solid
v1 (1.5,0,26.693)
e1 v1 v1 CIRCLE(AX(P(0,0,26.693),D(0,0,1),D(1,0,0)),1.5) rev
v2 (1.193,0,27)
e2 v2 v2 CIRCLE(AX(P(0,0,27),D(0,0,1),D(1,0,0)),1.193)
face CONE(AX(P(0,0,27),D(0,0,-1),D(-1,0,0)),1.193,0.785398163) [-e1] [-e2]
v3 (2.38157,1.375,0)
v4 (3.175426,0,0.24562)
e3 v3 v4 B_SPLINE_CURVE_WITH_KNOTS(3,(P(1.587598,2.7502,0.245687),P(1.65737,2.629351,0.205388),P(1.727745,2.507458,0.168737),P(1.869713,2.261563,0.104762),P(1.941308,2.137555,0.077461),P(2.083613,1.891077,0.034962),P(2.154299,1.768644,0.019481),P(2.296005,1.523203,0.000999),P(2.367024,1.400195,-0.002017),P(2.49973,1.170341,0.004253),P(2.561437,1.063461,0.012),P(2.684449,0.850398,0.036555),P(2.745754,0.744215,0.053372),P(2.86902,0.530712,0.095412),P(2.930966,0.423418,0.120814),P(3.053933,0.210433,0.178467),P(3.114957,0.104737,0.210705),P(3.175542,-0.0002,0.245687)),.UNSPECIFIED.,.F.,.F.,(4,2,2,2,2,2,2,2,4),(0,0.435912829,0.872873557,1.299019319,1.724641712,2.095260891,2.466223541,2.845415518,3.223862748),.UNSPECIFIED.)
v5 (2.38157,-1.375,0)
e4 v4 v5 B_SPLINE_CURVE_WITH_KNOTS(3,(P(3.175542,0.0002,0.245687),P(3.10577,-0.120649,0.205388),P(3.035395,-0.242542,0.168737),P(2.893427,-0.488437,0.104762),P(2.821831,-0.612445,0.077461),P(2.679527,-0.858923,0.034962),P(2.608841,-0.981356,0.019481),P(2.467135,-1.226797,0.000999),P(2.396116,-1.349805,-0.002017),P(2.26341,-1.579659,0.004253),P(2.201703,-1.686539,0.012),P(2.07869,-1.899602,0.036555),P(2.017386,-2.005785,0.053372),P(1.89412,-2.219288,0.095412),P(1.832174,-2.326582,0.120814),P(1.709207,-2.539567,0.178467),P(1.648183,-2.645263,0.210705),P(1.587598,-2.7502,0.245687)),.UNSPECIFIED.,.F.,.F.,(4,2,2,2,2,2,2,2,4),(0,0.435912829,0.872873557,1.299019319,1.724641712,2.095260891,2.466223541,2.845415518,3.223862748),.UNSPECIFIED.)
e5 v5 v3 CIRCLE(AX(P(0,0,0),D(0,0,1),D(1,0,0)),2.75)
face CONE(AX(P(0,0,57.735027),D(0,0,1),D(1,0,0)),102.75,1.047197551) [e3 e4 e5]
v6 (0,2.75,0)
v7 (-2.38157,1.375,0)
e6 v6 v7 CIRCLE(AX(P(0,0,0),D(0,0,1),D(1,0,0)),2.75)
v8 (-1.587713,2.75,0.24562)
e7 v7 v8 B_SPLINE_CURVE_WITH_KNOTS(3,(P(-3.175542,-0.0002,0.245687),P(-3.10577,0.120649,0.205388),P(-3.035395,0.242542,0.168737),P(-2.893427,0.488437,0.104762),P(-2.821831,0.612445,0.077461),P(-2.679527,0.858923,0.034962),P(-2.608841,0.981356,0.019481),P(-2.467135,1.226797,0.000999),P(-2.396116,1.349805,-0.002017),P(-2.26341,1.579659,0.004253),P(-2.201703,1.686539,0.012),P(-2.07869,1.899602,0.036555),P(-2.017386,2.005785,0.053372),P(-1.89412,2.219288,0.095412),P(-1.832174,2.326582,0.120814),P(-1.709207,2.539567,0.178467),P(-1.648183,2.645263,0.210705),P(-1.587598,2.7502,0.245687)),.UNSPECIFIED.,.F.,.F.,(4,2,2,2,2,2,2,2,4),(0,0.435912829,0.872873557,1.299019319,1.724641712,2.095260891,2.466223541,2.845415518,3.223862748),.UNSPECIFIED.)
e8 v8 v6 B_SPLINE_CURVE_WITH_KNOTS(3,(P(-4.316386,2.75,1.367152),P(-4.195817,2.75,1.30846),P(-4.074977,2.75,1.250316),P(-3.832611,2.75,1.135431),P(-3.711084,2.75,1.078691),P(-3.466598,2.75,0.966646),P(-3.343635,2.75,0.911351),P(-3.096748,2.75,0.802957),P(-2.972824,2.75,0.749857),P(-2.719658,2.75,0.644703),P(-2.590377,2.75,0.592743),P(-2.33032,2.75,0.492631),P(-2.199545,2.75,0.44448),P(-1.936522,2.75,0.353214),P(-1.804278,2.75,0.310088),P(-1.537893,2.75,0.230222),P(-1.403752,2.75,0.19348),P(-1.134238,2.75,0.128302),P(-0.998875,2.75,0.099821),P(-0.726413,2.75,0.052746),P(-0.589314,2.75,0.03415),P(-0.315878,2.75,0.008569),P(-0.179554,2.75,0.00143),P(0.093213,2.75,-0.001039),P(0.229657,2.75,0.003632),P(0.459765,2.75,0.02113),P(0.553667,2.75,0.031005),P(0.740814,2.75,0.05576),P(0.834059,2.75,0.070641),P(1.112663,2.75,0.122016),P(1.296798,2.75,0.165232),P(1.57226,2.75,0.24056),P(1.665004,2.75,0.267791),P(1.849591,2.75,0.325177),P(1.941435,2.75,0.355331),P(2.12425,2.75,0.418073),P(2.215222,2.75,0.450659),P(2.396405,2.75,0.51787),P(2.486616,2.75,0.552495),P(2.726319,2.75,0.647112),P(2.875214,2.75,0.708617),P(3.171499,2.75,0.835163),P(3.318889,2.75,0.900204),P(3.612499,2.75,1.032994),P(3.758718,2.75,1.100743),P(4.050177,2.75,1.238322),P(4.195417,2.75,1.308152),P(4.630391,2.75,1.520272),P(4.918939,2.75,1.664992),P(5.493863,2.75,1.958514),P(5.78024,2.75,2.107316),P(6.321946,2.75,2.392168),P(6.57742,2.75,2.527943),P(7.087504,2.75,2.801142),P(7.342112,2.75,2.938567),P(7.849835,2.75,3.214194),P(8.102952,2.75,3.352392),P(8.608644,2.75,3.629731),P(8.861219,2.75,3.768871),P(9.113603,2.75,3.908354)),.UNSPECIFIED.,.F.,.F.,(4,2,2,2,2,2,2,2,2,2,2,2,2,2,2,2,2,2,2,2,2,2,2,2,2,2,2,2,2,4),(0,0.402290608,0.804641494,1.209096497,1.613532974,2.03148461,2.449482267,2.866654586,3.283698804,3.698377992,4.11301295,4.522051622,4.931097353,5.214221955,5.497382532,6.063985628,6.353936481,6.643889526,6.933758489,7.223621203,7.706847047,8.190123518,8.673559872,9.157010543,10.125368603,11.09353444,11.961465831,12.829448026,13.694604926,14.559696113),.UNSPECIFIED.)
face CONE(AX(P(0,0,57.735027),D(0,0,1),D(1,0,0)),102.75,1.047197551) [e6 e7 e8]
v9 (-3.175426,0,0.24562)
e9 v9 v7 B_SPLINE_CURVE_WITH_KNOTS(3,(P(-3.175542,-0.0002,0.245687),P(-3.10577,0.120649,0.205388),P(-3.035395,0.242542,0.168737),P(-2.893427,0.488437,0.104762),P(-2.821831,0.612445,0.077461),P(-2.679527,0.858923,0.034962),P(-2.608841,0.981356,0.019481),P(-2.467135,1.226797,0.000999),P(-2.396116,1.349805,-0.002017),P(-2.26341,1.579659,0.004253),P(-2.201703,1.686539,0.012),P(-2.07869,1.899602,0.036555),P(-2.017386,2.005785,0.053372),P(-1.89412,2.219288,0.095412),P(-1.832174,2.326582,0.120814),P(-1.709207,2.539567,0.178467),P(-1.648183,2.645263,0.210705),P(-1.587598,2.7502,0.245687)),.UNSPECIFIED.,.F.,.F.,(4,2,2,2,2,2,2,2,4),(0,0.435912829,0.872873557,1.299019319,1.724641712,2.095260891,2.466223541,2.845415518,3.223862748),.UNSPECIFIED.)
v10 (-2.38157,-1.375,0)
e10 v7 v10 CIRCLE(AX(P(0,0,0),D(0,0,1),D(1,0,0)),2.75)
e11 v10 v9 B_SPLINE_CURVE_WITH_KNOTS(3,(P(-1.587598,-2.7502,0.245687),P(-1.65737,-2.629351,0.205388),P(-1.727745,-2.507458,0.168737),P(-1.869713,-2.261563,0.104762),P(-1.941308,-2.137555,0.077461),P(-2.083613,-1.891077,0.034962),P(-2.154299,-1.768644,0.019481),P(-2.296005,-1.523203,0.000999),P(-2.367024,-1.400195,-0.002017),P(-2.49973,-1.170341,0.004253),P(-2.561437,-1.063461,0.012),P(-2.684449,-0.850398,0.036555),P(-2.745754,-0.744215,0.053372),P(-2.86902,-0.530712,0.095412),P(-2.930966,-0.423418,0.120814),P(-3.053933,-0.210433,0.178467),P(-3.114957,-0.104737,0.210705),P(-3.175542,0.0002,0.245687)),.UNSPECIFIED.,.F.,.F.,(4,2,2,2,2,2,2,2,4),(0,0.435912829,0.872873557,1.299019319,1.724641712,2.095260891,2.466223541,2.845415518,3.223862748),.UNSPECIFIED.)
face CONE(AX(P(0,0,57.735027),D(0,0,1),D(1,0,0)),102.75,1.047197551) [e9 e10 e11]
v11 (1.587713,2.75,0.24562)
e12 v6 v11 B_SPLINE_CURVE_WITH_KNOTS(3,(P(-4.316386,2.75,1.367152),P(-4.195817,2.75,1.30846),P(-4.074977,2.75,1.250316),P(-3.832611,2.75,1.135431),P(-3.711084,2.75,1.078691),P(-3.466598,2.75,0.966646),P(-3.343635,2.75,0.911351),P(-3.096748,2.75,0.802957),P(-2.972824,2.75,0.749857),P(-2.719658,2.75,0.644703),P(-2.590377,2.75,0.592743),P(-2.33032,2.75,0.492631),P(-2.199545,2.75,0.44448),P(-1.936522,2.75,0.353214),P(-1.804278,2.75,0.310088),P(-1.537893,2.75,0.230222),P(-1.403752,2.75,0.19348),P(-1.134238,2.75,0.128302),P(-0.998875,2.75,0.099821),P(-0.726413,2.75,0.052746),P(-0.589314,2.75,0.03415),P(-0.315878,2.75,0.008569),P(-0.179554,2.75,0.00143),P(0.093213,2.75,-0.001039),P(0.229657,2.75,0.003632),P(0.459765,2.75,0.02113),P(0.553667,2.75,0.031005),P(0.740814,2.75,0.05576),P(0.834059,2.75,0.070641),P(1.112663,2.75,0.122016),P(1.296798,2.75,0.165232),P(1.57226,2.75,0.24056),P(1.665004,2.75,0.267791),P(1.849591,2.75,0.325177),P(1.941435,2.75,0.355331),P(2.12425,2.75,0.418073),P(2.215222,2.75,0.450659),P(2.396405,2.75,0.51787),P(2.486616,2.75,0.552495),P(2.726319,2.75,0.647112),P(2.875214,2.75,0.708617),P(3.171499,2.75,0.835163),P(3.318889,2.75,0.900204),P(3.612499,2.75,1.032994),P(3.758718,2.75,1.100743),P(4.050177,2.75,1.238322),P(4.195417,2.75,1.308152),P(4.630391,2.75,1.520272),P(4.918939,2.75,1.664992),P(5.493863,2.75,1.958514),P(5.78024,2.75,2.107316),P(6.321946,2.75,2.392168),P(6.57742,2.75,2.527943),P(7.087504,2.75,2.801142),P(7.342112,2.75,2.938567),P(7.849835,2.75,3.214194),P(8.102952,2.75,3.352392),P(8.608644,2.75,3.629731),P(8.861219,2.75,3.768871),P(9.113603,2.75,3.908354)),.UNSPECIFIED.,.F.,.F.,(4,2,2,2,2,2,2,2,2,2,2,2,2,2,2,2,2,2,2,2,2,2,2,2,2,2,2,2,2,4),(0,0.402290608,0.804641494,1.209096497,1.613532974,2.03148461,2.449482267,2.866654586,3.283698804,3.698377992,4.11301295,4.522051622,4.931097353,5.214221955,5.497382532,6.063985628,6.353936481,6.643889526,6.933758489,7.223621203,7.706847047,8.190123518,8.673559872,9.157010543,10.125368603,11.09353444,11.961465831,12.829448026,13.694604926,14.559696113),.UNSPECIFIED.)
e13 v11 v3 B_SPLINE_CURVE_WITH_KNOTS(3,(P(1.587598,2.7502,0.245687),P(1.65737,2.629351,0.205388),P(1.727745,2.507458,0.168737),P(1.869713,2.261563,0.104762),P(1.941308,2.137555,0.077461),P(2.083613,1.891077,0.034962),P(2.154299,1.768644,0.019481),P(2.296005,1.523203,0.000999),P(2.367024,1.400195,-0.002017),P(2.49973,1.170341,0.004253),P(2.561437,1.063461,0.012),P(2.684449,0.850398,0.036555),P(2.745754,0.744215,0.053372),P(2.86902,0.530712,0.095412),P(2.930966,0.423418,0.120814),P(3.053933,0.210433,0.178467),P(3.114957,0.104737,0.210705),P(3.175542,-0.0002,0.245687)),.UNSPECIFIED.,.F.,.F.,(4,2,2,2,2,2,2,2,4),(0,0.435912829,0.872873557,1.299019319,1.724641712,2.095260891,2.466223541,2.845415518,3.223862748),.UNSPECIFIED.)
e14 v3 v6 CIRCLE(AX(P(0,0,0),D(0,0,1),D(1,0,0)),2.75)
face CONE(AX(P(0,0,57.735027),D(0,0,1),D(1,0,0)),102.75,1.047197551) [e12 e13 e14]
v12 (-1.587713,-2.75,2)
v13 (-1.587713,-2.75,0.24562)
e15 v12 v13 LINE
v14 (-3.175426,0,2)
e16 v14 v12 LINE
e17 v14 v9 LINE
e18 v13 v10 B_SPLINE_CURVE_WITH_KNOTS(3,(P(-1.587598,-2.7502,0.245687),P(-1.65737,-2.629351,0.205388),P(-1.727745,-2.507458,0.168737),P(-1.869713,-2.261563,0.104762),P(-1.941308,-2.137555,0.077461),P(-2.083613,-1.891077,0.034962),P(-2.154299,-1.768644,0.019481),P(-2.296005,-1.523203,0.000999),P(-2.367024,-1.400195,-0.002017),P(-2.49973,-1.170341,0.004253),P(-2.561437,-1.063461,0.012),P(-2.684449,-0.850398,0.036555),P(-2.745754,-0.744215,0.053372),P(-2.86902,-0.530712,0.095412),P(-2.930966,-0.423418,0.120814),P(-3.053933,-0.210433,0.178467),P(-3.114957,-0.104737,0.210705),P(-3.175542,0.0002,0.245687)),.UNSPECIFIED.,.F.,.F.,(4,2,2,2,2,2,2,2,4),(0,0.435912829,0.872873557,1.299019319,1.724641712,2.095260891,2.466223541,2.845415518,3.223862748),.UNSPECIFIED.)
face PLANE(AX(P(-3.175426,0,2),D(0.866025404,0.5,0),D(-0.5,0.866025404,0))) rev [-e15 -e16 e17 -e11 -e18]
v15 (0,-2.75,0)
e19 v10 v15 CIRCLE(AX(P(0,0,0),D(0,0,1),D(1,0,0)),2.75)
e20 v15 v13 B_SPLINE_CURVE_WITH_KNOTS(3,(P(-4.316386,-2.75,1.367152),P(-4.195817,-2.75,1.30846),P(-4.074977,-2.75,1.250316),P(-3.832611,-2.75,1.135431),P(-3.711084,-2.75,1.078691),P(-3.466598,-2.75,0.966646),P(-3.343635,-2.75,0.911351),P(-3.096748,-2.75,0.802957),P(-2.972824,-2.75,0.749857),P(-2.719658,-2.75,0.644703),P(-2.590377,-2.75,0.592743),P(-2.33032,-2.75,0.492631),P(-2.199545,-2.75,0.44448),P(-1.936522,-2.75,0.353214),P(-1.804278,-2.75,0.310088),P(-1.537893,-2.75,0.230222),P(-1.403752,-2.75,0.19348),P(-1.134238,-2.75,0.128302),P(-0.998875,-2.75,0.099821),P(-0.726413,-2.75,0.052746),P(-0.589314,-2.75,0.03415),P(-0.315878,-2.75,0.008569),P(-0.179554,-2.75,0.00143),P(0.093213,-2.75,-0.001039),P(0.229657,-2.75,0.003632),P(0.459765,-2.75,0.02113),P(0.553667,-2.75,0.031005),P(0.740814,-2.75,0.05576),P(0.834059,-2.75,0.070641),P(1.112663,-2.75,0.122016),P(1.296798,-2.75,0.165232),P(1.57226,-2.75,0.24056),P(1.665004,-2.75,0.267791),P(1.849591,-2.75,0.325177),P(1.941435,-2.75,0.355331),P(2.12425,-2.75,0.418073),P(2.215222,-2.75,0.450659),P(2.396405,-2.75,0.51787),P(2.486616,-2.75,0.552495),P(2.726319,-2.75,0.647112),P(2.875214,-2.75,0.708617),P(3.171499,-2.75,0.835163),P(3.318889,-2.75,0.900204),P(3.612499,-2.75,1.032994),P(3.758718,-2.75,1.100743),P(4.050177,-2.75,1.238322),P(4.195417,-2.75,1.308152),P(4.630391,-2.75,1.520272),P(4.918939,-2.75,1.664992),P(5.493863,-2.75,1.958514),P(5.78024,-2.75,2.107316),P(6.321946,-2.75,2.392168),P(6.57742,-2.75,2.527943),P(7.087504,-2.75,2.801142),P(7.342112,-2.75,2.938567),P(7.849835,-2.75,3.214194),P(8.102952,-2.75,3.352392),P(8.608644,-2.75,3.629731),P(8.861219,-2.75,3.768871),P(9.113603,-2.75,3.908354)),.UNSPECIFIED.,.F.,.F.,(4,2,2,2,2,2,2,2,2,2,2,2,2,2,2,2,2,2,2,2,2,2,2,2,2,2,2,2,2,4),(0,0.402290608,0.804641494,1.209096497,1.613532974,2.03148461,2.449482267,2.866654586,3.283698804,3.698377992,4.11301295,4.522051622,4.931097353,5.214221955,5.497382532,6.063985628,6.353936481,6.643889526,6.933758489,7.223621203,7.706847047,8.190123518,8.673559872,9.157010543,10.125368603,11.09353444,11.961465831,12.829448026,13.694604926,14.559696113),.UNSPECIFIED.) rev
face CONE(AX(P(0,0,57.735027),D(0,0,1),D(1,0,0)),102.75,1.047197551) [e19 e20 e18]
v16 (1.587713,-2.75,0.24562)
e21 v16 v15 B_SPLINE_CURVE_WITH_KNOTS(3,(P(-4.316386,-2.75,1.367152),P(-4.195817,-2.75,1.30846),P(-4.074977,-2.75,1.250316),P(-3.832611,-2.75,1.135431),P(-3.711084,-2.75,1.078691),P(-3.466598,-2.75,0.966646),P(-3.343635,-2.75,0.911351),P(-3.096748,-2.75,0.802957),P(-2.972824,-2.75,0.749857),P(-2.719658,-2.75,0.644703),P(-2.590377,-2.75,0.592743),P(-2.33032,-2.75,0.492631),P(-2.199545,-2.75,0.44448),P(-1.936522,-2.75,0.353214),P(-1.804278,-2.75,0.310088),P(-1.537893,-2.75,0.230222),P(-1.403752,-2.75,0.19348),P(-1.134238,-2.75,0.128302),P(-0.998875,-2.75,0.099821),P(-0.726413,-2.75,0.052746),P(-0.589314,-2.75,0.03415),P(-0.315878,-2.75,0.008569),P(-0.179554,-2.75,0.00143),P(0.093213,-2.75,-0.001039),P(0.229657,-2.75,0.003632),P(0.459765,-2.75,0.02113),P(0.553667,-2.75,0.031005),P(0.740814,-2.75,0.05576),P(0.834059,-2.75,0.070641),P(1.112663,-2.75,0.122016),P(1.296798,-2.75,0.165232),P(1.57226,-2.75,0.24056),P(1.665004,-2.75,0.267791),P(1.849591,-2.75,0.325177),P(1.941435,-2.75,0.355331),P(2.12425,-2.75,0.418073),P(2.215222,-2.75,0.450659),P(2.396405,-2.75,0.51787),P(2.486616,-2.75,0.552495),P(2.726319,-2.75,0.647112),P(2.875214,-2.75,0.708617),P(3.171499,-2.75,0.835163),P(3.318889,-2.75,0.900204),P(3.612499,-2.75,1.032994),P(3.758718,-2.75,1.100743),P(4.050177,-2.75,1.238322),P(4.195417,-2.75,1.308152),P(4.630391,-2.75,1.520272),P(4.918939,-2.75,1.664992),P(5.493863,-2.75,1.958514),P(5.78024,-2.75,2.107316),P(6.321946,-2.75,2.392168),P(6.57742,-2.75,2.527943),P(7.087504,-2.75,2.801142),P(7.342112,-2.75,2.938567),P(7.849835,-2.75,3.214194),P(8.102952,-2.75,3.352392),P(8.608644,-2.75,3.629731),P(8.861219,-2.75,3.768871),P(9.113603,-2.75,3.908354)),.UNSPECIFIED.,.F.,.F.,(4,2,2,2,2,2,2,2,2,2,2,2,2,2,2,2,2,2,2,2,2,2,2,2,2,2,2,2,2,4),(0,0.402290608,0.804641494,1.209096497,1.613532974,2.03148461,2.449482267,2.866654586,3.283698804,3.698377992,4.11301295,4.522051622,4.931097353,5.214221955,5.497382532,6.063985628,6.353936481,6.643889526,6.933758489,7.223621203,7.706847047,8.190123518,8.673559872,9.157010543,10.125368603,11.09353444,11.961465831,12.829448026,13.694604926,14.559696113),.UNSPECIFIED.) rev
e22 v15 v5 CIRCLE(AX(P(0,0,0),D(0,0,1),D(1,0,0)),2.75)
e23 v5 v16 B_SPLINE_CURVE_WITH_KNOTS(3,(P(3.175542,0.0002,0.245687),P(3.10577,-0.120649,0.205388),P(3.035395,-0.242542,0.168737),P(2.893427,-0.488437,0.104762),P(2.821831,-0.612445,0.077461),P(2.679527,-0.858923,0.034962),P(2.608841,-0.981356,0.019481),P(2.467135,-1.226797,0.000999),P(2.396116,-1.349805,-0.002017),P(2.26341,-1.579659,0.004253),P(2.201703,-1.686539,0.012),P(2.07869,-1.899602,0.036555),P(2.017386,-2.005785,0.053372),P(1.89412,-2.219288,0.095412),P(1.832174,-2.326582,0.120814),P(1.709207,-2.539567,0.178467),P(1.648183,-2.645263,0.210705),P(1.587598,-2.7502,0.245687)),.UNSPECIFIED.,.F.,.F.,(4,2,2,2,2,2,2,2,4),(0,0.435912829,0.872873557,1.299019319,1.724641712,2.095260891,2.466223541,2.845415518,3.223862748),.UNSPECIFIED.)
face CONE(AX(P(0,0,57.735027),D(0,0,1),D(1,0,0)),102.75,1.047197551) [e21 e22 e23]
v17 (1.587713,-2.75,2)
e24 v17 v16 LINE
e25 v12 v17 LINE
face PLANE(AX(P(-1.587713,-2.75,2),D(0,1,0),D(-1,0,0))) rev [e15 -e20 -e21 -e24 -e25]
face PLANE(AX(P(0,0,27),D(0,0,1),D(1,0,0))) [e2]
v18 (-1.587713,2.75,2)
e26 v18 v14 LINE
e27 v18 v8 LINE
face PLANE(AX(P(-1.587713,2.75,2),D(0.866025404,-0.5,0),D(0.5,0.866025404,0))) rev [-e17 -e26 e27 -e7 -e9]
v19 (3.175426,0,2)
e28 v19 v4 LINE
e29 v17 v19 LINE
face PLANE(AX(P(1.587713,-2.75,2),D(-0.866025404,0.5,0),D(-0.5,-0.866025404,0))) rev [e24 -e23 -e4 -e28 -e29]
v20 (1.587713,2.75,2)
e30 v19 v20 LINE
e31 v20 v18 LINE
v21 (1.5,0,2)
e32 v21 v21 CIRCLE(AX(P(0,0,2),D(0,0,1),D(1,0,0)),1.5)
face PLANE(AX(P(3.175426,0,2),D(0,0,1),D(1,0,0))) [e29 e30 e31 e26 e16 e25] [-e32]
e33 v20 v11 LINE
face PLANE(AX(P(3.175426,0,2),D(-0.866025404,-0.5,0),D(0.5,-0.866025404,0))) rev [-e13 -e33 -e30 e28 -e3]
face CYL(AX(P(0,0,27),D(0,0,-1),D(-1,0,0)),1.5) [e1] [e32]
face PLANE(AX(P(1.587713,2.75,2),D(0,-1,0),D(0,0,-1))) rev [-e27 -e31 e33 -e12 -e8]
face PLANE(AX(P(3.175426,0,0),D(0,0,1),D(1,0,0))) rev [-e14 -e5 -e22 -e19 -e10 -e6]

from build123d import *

# Parameters (mm, degrees)
EXTRUDE1_DEPTH = 2
SKETCH2_R      = 1.5
EXTRUDE2_DEPTH = 25
CHAMFER1_SIZE  = 0.307


with BuildPart() as part:
    # Sketch1 → Extrude1 (new body)
    with BuildSketch(Plane.XY):
        Polygon((3.175426481, 0), (1.58771324, 2.75), (-1.58771324, 2.75), (-3.175426481, 0), (-1.58771324, -2.75), (1.58771324, -2.75), align=None)
    extrude(amount=EXTRUDE1_DEPTH)

    # Sketch2 → Extrude2 (add)
    with BuildSketch(Plane.XY.offset(2)):
        Circle(SKETCH2_R)
    extrude(amount=EXTRUDE2_DEPTH)

    # Sketch3 → Cut-Revolve1 (revolve, cut)
    with BuildSketch(Plane(origin=(0, 0, 0), x_dir=(0, 0, -1), z_dir=(1, 0, 0))):
        Polygon((0, 2.75), (0, 102.75), (-57.735026919, 102.75), align=None)
    revolve(axis=Axis((0, 0, 0), (0, 0, -1)), mode=Mode.SUBTRACT)

    # Chamfer1
    chamfer1_edges = [part.edges().sort_by_distance(p)[0] for p in [
        (-1.5, 0, 27),
    ]]
    chamfer(chamfer1_edges, length=CHAMFER1_SIZE)


solid = part.part
